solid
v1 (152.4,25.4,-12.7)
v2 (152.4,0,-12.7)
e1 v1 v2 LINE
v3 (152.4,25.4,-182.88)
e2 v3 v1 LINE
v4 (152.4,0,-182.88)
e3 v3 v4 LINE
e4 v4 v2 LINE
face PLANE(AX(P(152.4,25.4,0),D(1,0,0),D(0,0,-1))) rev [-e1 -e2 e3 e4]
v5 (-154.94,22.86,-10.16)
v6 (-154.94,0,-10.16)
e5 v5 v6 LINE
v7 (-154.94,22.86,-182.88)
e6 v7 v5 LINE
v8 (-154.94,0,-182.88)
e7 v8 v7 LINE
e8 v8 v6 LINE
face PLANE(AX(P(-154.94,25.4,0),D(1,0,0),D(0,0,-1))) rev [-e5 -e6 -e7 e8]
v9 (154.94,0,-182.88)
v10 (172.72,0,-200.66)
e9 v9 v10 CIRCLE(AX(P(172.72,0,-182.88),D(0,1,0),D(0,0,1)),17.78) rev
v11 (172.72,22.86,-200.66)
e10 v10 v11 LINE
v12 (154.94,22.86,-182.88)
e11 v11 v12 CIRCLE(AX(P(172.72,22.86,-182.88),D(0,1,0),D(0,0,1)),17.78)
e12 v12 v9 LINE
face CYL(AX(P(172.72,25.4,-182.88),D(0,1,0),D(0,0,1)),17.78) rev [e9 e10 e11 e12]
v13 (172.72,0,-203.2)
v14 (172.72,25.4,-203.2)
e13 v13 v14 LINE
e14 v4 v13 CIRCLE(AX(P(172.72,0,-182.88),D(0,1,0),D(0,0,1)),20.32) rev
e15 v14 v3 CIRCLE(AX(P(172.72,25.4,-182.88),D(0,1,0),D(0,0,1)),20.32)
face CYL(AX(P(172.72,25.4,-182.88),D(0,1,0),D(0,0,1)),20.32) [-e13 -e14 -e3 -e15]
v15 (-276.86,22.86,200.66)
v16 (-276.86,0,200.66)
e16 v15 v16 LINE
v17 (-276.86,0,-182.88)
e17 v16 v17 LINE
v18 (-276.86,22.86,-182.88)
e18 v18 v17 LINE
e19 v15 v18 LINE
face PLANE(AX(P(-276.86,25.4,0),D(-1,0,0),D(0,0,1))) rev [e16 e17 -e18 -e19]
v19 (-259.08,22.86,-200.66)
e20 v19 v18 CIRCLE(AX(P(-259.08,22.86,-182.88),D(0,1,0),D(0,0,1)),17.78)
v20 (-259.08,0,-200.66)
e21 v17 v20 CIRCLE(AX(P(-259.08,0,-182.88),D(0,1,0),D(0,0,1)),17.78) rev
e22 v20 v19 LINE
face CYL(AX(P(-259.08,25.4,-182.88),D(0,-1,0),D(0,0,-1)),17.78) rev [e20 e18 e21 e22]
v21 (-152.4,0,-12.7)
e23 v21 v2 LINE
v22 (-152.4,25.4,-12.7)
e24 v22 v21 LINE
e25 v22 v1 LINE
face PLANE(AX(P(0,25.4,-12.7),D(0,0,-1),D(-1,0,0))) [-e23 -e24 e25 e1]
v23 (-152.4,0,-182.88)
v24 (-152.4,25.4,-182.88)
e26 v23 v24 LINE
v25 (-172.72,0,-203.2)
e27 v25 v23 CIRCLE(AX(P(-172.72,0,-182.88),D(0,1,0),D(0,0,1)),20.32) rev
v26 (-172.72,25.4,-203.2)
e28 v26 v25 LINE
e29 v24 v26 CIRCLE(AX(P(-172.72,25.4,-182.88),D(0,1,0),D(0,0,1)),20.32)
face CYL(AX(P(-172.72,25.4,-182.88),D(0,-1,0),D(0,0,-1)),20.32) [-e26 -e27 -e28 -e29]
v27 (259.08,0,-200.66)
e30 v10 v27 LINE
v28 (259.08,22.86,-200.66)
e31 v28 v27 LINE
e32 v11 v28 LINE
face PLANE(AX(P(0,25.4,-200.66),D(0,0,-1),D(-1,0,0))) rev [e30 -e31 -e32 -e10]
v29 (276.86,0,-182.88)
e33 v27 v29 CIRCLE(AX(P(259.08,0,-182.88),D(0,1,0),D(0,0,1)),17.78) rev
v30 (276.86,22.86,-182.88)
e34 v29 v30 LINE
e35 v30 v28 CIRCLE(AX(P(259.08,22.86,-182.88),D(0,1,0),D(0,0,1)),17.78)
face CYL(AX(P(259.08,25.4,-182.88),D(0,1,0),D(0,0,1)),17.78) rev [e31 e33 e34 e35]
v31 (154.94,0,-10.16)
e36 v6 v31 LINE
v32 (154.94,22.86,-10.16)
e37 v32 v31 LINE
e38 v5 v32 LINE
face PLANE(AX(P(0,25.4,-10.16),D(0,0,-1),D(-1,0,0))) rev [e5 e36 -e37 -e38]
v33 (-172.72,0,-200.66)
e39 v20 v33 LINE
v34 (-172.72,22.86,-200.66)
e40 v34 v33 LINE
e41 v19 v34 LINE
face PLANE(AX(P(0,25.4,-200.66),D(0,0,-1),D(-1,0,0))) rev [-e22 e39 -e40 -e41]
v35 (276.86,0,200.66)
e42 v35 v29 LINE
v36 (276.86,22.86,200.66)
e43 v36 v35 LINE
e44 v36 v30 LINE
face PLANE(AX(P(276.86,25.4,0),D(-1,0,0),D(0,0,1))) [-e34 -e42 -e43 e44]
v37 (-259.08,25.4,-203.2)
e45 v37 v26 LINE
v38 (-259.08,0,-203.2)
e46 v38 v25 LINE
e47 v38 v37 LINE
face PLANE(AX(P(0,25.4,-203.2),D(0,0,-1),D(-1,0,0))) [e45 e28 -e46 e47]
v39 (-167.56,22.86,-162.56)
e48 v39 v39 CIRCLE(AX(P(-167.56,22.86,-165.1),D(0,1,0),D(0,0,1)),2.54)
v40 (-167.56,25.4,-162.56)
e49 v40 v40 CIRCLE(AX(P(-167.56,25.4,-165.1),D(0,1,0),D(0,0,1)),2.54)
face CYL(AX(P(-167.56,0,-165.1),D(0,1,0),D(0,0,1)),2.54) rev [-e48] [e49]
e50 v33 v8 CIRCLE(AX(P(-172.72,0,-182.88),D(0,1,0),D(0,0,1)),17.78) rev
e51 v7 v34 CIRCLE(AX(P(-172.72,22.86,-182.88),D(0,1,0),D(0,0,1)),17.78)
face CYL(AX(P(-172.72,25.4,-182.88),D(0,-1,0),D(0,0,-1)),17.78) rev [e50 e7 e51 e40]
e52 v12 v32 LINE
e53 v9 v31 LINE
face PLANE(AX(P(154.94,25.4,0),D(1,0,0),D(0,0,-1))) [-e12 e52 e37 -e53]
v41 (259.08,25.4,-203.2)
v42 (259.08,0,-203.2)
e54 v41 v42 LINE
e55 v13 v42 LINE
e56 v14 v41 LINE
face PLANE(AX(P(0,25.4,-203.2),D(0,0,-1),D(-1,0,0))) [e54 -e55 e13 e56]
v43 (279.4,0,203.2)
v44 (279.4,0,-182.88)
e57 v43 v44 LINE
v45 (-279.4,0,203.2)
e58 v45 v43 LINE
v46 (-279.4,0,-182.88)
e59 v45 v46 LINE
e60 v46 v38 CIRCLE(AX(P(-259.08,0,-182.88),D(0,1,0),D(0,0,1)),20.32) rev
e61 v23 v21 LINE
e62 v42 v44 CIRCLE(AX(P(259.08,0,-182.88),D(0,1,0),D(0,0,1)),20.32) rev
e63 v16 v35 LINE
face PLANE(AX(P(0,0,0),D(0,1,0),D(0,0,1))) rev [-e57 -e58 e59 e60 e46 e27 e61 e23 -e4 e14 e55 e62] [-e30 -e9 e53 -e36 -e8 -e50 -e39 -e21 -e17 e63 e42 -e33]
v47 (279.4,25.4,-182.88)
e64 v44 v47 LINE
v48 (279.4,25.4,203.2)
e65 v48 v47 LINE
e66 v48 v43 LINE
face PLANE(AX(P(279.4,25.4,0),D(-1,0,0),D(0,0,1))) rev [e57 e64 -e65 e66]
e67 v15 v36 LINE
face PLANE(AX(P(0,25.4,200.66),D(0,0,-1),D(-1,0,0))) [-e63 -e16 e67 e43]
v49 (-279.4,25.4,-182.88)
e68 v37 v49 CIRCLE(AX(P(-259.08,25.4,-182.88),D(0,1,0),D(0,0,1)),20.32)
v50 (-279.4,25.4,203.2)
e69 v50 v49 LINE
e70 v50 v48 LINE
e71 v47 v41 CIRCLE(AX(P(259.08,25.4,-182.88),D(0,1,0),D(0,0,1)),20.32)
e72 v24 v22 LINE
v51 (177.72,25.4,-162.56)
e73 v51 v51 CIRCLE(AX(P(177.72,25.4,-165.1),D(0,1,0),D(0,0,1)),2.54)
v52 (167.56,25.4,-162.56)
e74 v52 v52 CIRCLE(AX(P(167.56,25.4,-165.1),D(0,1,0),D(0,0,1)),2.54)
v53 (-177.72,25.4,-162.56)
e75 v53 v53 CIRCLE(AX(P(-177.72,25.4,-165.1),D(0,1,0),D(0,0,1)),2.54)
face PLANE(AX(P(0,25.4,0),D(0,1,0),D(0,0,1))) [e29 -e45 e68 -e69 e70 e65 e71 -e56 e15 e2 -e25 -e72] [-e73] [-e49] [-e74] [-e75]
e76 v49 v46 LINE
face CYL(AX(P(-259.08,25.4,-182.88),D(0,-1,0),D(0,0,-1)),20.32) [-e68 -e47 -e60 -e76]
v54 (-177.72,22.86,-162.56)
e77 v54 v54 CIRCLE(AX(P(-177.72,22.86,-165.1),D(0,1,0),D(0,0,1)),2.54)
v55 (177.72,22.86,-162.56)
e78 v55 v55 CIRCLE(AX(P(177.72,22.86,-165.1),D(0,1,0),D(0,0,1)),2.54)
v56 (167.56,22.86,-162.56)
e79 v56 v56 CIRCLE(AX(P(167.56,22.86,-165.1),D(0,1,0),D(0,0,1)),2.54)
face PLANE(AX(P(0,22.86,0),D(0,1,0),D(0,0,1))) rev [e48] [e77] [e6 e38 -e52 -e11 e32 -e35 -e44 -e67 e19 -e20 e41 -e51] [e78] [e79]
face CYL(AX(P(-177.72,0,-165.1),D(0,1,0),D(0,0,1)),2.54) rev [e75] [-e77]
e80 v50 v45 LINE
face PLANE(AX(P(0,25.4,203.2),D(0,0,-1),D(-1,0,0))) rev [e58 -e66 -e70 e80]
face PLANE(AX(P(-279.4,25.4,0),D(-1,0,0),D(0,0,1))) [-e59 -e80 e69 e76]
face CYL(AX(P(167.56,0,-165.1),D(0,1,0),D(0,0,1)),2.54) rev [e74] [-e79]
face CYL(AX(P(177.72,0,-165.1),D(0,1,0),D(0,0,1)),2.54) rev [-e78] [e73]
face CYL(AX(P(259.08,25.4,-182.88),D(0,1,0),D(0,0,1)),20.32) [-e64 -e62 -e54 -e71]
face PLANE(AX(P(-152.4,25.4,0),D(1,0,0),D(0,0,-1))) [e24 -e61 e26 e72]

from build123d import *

# Parameters (mm, degrees)
BOSS_EXTRUDE1_DEPTH = 25.4
FILLET1_R           = 20.32
SHELL1_T            = -2.54
SKETCH2_R           = 2.54
CUT_EXTRUDE1_DEPTH  = 347.409815103


with BuildPart() as part:
    # Sketch1 → Boss-Extrude1 (new body)
    with BuildSketch(Plane(origin=(0, 0, 0), x_dir=(1, 0, 0), z_dir=(0, 1, 0))):
        Polygon((-279.4, 203.2), (-279.4, -203.2), (279.4, -203.2), (279.4, 203.2), (152.4, 203.2), (152.4, 12.7), (-152.4, 12.7), (-152.4, 203.2), align=None)
    extrude(amount=BOSS_EXTRUDE1_DEPTH)

    # Fillet1
    fillet1_edges = [part.edges().sort_by_distance(p)[0] for p in [
        (279.4, 12.7, -203.2),
        (-279.4, 12.7, -203.2),
        (-152.4, 12.7, -203.2),
        (152.4, 12.7, -203.2),
    ]]
    fillet(fillet1_edges, radius=FILLET1_R)

    # Shell1
    shell1_openings = [part.faces().sort_by_distance(p)[0] for p in [
        (0, 0, 37.577423361),
    ]]
    offset(amount=SHELL1_T, openings=shell1_openings, kind=Kind.INTERSECTION)

    # Sketch2 → Cut-Extrude1 (cut, through all)
    with BuildSketch(Plane(origin=(0, 25.4, 0), x_dir=(1, 0, 0), z_dir=(0, 1, 0))):
        with Locations(Location((-177.72, 165.1, 0), (0, 0, 270))):
            Circle(SKETCH2_R)
        with Locations(Location((-167.56, 165.1, 0), (0, 0, 270))):
            Circle(SKETCH2_R)
        with Locations(Location((167.56, 165.1, 0), (0, 0, 270))):
            Circle(SKETCH2_R)
        with Locations(Location((177.72, 165.1, 0), (0, 0, 270))):
            Circle(SKETCH2_R)
    extrude(amount=-CUT_EXTRUDE1_DEPTH, mode=Mode.SUBTRACT)


solid = part.part
